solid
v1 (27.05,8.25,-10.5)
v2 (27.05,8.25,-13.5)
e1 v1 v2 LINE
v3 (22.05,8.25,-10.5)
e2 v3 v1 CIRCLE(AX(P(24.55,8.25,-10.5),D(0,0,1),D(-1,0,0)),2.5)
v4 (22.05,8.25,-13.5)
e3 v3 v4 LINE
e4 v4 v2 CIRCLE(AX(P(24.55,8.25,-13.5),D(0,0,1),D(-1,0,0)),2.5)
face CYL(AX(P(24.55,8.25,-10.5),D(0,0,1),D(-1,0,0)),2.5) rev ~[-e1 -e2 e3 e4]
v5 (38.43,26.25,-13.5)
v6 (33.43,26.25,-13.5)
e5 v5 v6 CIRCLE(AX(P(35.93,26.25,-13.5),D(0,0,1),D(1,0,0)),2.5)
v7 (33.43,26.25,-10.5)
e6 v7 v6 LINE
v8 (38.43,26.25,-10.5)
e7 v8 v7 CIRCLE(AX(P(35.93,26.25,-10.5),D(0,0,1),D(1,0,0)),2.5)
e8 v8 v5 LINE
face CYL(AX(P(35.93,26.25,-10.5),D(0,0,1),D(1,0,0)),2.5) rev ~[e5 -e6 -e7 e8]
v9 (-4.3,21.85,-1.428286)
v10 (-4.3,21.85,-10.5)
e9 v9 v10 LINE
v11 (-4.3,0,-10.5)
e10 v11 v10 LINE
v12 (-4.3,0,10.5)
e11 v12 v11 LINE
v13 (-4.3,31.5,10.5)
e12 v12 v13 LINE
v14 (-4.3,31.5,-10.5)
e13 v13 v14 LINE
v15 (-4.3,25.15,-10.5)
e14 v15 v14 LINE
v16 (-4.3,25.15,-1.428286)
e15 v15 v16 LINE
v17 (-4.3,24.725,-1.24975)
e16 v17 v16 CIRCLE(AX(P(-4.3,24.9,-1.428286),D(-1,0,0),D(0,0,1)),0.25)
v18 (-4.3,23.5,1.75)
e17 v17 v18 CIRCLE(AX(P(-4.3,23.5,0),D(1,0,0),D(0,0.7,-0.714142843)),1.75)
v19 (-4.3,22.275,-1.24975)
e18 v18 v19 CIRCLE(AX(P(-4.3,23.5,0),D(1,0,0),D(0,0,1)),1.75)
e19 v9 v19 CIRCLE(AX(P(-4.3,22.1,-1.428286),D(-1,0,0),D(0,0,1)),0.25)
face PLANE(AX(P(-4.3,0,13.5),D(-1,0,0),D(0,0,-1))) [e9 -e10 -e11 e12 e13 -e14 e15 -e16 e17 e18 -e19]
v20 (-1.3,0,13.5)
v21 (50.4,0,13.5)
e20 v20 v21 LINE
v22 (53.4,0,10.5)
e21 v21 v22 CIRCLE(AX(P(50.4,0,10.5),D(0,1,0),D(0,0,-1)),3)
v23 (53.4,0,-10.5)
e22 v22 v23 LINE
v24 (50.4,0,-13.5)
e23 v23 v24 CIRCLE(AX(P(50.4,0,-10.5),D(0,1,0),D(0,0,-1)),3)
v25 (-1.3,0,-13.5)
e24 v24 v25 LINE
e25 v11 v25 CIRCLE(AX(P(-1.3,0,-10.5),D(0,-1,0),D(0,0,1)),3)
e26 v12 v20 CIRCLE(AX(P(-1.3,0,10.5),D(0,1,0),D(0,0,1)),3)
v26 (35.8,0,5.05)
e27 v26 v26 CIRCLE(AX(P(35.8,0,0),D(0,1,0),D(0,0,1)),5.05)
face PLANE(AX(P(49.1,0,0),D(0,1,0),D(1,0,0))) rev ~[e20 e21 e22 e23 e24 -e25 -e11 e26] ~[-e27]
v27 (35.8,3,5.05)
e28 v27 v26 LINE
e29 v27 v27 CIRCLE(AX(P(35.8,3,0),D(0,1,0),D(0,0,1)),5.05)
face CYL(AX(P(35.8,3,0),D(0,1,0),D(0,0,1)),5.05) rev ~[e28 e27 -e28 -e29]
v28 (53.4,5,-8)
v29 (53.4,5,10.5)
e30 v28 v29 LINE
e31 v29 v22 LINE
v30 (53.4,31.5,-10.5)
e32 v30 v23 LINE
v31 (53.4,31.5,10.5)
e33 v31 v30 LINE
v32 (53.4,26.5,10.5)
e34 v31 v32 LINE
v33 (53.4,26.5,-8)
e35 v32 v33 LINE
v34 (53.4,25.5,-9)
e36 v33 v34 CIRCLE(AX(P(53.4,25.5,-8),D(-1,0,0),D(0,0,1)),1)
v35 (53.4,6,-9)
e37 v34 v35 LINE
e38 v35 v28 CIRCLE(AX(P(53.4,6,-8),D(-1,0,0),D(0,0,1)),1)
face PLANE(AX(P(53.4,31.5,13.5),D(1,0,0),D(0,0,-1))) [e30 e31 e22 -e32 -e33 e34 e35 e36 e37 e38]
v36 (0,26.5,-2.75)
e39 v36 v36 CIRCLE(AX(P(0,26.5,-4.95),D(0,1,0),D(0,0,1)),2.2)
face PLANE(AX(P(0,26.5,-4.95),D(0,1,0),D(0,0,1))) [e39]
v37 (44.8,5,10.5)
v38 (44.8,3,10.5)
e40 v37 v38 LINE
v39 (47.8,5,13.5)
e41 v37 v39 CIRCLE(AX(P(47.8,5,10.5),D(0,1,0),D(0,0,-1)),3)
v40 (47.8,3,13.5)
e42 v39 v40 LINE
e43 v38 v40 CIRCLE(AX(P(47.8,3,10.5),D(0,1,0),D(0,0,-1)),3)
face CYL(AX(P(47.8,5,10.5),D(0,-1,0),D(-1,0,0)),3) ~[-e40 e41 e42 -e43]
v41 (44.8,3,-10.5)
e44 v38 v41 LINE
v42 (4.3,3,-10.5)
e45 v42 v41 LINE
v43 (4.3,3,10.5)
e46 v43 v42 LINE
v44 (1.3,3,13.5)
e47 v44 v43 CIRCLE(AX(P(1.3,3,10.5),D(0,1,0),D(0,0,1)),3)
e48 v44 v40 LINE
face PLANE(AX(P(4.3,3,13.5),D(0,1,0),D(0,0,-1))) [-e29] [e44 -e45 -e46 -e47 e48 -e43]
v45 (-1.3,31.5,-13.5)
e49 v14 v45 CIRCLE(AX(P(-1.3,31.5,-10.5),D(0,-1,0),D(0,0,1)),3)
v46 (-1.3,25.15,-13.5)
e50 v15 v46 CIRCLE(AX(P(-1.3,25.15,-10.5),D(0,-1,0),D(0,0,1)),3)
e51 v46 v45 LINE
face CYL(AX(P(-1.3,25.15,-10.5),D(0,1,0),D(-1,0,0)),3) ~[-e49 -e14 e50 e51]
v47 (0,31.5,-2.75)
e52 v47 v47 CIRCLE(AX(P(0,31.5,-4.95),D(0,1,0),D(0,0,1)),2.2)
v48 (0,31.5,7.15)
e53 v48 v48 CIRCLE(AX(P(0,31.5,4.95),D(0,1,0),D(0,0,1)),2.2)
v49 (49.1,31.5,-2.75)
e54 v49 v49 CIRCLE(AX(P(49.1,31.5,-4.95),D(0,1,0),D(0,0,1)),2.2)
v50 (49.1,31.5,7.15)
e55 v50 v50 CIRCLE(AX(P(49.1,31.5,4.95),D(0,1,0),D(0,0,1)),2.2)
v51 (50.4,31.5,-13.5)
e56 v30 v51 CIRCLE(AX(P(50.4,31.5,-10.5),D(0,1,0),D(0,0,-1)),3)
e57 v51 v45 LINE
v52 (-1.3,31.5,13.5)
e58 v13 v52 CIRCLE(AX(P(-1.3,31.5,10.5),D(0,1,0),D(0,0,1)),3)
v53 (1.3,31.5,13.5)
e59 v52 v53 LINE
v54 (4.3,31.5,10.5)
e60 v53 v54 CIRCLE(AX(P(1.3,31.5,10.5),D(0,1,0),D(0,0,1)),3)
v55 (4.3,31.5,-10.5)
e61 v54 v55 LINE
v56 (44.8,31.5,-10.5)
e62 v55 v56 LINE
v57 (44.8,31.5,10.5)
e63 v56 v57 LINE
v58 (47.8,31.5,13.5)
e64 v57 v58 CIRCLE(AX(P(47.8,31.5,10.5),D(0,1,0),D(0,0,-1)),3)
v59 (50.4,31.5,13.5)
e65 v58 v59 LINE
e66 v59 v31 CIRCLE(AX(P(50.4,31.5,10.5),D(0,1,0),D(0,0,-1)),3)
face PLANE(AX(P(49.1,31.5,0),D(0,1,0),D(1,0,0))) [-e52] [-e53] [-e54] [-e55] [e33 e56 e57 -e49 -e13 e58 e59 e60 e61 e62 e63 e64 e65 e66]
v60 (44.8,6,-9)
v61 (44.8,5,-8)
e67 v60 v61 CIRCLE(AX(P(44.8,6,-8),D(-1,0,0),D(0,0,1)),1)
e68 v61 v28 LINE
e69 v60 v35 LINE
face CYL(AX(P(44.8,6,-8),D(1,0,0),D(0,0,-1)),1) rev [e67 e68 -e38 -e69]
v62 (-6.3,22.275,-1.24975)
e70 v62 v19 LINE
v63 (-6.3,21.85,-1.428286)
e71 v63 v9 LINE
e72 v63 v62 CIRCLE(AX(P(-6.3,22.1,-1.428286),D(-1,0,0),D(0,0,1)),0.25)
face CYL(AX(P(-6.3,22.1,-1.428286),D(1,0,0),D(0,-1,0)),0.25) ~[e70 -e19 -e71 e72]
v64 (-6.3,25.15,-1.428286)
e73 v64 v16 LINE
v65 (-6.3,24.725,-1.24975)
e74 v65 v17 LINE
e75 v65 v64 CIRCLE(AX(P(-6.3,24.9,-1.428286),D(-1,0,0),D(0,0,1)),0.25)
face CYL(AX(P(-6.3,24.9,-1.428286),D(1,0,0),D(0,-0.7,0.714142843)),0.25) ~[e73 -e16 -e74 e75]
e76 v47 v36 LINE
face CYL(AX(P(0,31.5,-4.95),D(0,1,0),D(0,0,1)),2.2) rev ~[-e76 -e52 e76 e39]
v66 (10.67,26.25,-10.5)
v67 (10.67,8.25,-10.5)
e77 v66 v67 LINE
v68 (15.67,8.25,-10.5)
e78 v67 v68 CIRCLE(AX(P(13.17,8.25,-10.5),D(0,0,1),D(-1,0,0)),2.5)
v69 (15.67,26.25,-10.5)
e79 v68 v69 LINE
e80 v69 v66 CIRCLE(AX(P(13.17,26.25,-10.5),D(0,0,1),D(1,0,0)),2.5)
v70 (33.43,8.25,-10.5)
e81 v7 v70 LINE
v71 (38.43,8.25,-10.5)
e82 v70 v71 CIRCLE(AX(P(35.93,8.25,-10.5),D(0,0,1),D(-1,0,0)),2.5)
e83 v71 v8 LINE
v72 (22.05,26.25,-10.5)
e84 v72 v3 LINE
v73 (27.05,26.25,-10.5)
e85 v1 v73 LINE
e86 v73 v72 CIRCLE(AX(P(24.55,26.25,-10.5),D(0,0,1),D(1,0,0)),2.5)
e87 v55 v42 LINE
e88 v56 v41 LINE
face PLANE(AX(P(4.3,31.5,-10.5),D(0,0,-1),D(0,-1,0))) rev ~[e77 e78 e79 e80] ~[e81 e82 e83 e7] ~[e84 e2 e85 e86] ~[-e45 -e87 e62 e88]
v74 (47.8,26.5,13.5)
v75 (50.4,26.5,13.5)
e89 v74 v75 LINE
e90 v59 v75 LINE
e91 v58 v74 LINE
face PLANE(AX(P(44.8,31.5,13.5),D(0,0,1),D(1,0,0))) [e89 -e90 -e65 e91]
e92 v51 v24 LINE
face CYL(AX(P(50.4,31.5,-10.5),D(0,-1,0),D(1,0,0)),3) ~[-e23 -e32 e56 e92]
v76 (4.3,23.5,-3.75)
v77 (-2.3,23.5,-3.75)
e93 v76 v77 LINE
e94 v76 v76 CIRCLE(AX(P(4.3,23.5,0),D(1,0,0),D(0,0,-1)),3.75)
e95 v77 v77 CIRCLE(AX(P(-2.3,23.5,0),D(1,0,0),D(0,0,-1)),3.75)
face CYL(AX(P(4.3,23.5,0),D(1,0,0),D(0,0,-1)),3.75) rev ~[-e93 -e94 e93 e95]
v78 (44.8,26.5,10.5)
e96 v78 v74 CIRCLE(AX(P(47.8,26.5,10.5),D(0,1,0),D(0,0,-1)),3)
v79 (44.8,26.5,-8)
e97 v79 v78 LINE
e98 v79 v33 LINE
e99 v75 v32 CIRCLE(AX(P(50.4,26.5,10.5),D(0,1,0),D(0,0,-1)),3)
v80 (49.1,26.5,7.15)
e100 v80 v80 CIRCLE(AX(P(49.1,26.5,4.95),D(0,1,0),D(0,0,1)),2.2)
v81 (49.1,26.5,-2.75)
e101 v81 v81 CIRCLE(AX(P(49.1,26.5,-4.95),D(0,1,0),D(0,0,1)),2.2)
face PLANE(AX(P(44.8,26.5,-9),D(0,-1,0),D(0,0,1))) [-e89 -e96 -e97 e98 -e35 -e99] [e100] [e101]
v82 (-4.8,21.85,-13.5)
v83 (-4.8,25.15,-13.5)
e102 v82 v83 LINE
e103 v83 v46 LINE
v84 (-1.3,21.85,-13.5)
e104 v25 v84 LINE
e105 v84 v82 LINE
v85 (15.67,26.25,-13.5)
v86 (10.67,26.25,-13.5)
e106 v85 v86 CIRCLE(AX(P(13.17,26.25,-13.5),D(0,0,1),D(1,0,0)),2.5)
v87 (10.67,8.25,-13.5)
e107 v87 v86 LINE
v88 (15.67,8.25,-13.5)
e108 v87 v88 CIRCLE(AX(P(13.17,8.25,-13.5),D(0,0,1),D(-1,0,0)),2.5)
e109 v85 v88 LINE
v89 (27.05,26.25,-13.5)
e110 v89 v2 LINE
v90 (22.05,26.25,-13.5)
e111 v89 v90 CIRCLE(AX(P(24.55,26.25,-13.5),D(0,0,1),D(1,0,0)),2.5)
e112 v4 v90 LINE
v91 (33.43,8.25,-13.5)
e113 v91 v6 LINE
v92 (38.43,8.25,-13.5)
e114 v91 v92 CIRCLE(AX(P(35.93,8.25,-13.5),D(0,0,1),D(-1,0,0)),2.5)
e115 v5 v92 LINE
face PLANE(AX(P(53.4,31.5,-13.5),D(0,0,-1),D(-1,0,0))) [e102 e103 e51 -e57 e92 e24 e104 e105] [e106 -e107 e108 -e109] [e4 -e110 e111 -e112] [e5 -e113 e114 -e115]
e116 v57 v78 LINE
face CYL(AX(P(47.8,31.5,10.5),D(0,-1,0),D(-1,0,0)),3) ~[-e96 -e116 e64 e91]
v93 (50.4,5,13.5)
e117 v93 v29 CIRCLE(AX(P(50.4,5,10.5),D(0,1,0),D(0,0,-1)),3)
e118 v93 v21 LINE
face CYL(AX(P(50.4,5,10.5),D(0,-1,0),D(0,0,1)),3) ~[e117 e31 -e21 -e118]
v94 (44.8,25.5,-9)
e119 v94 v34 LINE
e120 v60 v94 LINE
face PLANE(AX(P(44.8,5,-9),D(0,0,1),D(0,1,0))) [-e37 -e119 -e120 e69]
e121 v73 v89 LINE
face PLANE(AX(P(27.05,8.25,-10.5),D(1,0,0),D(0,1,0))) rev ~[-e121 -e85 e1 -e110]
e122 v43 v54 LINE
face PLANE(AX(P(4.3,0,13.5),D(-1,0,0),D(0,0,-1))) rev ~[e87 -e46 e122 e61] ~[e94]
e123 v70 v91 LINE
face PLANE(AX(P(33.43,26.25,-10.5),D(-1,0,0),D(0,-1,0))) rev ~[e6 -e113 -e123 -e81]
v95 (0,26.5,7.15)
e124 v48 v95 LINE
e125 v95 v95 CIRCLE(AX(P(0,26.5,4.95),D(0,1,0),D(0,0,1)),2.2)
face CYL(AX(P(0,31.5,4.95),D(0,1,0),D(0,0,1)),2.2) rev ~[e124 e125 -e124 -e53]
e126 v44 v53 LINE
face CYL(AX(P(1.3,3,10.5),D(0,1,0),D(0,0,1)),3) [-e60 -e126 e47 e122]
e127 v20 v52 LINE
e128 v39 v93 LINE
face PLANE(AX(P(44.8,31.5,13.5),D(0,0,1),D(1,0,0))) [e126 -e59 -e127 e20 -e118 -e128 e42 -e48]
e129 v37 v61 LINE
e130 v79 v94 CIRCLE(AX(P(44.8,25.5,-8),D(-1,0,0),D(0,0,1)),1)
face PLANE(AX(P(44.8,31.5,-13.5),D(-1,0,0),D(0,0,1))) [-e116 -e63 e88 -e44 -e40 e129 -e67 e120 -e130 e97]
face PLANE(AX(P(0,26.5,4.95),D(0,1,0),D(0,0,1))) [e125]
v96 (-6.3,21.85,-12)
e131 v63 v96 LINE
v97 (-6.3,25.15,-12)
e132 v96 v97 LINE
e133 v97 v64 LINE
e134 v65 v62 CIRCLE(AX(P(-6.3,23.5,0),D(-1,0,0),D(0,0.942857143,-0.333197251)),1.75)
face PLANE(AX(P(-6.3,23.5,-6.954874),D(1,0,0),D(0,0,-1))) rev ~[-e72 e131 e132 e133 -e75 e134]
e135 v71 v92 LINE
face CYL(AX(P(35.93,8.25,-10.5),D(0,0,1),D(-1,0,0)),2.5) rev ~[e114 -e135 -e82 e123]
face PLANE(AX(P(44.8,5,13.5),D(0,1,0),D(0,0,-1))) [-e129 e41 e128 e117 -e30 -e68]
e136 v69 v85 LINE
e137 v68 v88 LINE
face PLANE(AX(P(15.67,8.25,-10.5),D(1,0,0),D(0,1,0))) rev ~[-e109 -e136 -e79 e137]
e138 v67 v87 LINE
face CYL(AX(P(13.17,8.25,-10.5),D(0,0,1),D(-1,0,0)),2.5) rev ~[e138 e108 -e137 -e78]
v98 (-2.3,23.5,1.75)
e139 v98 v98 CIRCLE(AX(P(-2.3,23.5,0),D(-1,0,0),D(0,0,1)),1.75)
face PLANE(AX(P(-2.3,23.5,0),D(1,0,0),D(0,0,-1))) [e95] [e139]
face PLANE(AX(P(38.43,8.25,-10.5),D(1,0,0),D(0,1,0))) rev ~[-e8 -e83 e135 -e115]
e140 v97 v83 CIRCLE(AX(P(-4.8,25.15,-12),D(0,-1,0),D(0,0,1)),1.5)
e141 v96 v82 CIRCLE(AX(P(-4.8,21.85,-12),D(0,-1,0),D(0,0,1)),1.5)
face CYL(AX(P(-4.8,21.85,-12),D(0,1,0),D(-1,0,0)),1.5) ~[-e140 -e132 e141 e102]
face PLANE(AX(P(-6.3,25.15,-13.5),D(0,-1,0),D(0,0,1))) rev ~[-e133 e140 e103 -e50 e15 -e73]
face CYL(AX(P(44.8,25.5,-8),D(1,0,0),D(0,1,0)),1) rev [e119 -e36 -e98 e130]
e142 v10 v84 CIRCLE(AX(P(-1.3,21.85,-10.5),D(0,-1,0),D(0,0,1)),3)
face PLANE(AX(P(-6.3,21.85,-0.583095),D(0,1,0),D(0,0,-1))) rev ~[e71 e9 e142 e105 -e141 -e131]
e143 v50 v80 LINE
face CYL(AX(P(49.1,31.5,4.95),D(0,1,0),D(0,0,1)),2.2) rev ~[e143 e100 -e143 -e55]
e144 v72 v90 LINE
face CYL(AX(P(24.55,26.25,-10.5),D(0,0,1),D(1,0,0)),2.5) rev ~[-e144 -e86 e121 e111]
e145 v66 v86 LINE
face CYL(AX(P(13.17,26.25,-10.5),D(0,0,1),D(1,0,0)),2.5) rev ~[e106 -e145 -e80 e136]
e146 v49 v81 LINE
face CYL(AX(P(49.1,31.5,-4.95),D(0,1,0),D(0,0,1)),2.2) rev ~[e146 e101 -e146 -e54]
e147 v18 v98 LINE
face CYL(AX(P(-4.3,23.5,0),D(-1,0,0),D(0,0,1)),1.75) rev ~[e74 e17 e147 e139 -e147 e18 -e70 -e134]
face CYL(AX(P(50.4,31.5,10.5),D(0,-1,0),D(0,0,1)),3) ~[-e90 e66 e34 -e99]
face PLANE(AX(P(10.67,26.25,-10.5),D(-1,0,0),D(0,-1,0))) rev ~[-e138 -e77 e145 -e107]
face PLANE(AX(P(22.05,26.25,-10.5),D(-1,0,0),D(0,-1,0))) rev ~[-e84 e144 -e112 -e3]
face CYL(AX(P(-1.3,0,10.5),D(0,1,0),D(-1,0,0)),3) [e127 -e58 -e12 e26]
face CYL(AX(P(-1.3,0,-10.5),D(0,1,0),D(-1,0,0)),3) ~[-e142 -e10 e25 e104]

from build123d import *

# Parameters (mm, degrees)
SKETCH1_W           = 8.6
SKETCH1_H           = 27.000000000000004
BOSS_EXTRUDE1_DEPTH = 31.5
SKETCH2_W           = 27
SKETCH2_H           = 3
BOSS_EXTRUDE2_DEPTH = 40.5
BOSS_EXTRUDE3_DEPTH = 40.5
BOSS_EXTRUDE4_DEPTH = 31.5
CUT_EXTRUDE6_DEPTH  = 67.48165160403282
SKETCH5_R           = 2.200000000000013
SKETCH5_R_2         = 2.200000000000042
SKETCH5_R_3         = 2.2000000000000135
SKETCH5_R_4         = 2.2000000000000384
CUT_EXTRUDE1_DEPTH  = 5
CUT_EXTRUDE2_DEPTH  = 10
SKETCH8_R           = 5.050000000000001
CUT_EXTRUDE3_DEPTH  = 63.016610678107845
SKETCH9_R           = 1.7500000000000042
CUT_EXTRUDE4_DEPTH  = 8.6
SKETCH10_R          = 3.7500000000000013
CUT_EXTRUDE5_DEPTH  = 6.6
BOSS_EXTRUDE5_START = 2
BOSS_EXTRUDE5_DEPTH = 2
FILLET1_R           = 3
FILLET2_R           = 3
FILLET3_R           = 1
FILLET4_R           = 0.25
FILLET5_R           = 1.5


with BuildPart() as part:
    # Sketch1 → Boss-Extrude1 (new body)
    with BuildSketch(Plane(origin=(0, 0, 0), x_dir=(1, 0, 0), z_dir=(0, 1, 0))):
        Rectangle(SKETCH1_W, SKETCH1_H)
    extrude(amount=BOSS_EXTRUDE1_DEPTH)

    # Sketch2 → Boss-Extrude2 (add)
    with BuildSketch(Plane(origin=(4.3, 0, 0), x_dir=(0, 0, -1), z_dir=(1, 0, 0))):
        with Locations((-1.78e-15, 1.5)):
            Rectangle(SKETCH2_W, SKETCH2_H)
    extrude(amount=BOSS_EXTRUDE2_DEPTH)

    # Sketch3 → Boss-Extrude3 (add)
    with BuildSketch(Plane(origin=(4.3, 0, 0), x_dir=(0, 0, -1), z_dir=(1, 0, 0))):
        Polygon((10.499999999999998, 31.5), (10.500000000000002, 2.9999999999999996), (13.499999999999998, 3), (13.499999999999998, 31.5), align=None)
    extrude(amount=BOSS_EXTRUDE3_DEPTH)

    # Sketch4 → Boss-Extrude4 (add)
    with BuildSketch(Plane(origin=(0, 31.5, 0), x_dir=(1, 0, 0), z_dir=(0, 1, 0))):
        Polygon((44.8, 13.499999999999998), (44.8, -13.5), (53.4, -13.5), (53.4, 13.500000000000004), align=None)
    extrude(amount=-BOSS_EXTRUDE4_DEPTH)

    # Sketch12 → Cut-Extrude6 (cut, through all)
    with BuildSketch(Plane.XY.offset(-10.500000000000002)):
        with BuildLine():
            Line((38.43, 8.25), (38.43, 26.249999999999996))
            ThreePointArc((38.43, 26.249999999999996), (35.93, 28.750000000000004), (33.42999999999999, 26.249999999999996))
            Line((33.42999999999999, 26.249999999999996), (33.42999999999999, 8.25))
            ThreePointArc((33.42999999999999, 8.25), (35.93000000000001, 5.750000000000007), (38.43, 8.25))
        make_face()
        with BuildLine():
            Line((27.049999999999997, 8.25), (27.049999999999997, 26.249999999999996))
            ThreePointArc((27.049999999999997, 26.249999999999996), (24.55, 28.75), (22.049999999999994, 26.249999999999996))
            Line((22.049999999999994, 26.249999999999996), (22.049999999999994, 8.25))
            ThreePointArc((22.049999999999994, 8.25), (24.55, 5.7500000000000036), (27.049999999999997, 8.25))
        make_face()
        with BuildLine():
            Line((15.670000000000003, 8.250000000000014), (15.670000000000003, 26.25))
            ThreePointArc((15.670000000000003, 26.25), (13.170000000000002, 28.75000000000001), (10.669999999999998, 26.25))
            Line((10.669999999999998, 26.25), (10.669999999999998, 8.250000000000014))
            ThreePointArc((10.669999999999998, 8.250000000000014), (13.169999999999995, 5.750000000000018), (15.670000000000003, 8.250000000000014))
        make_face()
    extrude(amount=-CUT_EXTRUDE6_DEPTH, mode=Mode.SUBTRACT)

    # Sketch5 → Cut-Extrude1 (cut)
    with BuildSketch(Plane(origin=(0, 31.5, 0), x_dir=(1, 0, 0), z_dir=(0, 1, 0))):
        with Locations(Location((49.099999999999994, 4.95, 0), (0, 0, 270))):
            Circle(SKETCH5_R)
        with Locations(Location((49.099999999999994, -4.949999999999998, 0), (0, 0, 270))):
            Circle(SKETCH5_R_2)
        with Locations(Location((0, 4.949999999999999, 0), (0, 0, 270))):
            Circle(SKETCH5_R_3)
        with Locations(Location((0, -4.949999999999999, 0), (0, 0, 270))):
            Circle(SKETCH5_R_4)
    extrude(amount=-CUT_EXTRUDE1_DEPTH, mode=Mode.SUBTRACT)

    # Sketch6 → Cut-Extrude2 (cut)
    with BuildSketch(Plane.ZY.offset(-44.8)):
        Polygon((13.5, 26.500000000000004), (13.500000000000014, 5), (-9, 4.999999999999998), (-9, 26.5), align=None)
    extrude(amount=-CUT_EXTRUDE2_DEPTH, mode=Mode.SUBTRACT)

    # Sketch8 → Cut-Extrude3 (cut, through all)
    with BuildSketch(Plane(origin=(0, 3, 0), x_dir=(1, 0, 0), z_dir=(0, 1, 0))):
        with Locations(Location((35.8, -1.75e-15, 0), (0, 0, 270))):
            Circle(SKETCH8_R)
    extrude(amount=-CUT_EXTRUDE3_DEPTH, mode=Mode.SUBTRACT)

    # Sketch9 → Cut-Extrude4 (cut)
    with BuildSketch(Plane.ZY.offset(4.3)):
        with Locations((0, 23.5)):
            Circle(SKETCH9_R)
    extrude(amount=-CUT_EXTRUDE4_DEPTH, mode=Mode.SUBTRACT)

    # Sketch10 → Cut-Extrude5 (cut)
    with BuildSketch(Plane(origin=(4.3, 0, 0), x_dir=(0, 0, -1), z_dir=(1, 0, 0))):
        with Locations((0, 23.5)):
            Circle(SKETCH10_R)
    extrude(amount=-CUT_EXTRUDE5_DEPTH, mode=Mode.SUBTRACT)

    # Sketch11 → Boss-Extrude5 (add)
    with BuildSketch(Plane.ZY.offset(4.3).offset(BOSS_EXTRUDE5_START)):
        with BuildLine():
            Line((-13.5, 21.85), (-13.5, 25.15))
            Line((-13.5, 25.15), (-0.5830951894845463, 25.15))
            ThreePointArc((-0.5830951894845463, 25.15), (-1.750000000000004, 23.5), (-0.5830951894845463, 21.85))
            Line((-0.5830951894845463, 21.85), (-13.5, 21.85))
        make_face()
    extrude(amount=-BOSS_EXTRUDE5_DEPTH)

    # Fillet1
    fillet1_edges = [part.edges().sort_by_distance(p)[0] for p in [
        (44.8, 29, 13.5),
        (53.4, 29, 13.5),
        (53.4, 15.75, -13.500000000000004),
        (53.4, 2.5, 13.5),
        (44.8, 4, 13.5),
        (4.3, 17.25, 13.5),
    ]]
    fillet(fillet1_edges, radius=FILLET1_R)

    # Fillet2
    fillet2_edges = [part.edges().sort_by_distance(p)[0] for p in [
        (-4.3, 10.925, -13.5),
        (-4.3, 15.75, 13.5),
        (-4.3, 28.325, -13.5),
    ]]
    fillet(fillet2_edges, radius=FILLET2_R)

    # Fillet3
    fillet3_edges = [part.edges().sort_by_distance(p)[0] for p in [
        (49.099999999999994, 26.5, -9.000000000000002),
        (49.099999999999994, 4.999999999999998, -9.000000000000002),
    ]]
    fillet(fillet3_edges, radius=FILLET3_R)

    # Fillet4
    fillet4_edges = [part.edges().sort_by_distance(p)[0] for p in [
        (-5.3, 25.15, -0.5830951894845464),
        (-5.3, 21.85, -0.5830951894845464),
    ]]
    fillet(fillet4_edges, radius=FILLET4_R)

    # Fillet5
    fillet5_edges = [part.edges().sort_by_distance(p)[0] for p in [
        (-6.3, 23.5, -13.5),
    ]]
    fillet(fillet5_edges, radius=FILLET5_R)


solid = part.part
